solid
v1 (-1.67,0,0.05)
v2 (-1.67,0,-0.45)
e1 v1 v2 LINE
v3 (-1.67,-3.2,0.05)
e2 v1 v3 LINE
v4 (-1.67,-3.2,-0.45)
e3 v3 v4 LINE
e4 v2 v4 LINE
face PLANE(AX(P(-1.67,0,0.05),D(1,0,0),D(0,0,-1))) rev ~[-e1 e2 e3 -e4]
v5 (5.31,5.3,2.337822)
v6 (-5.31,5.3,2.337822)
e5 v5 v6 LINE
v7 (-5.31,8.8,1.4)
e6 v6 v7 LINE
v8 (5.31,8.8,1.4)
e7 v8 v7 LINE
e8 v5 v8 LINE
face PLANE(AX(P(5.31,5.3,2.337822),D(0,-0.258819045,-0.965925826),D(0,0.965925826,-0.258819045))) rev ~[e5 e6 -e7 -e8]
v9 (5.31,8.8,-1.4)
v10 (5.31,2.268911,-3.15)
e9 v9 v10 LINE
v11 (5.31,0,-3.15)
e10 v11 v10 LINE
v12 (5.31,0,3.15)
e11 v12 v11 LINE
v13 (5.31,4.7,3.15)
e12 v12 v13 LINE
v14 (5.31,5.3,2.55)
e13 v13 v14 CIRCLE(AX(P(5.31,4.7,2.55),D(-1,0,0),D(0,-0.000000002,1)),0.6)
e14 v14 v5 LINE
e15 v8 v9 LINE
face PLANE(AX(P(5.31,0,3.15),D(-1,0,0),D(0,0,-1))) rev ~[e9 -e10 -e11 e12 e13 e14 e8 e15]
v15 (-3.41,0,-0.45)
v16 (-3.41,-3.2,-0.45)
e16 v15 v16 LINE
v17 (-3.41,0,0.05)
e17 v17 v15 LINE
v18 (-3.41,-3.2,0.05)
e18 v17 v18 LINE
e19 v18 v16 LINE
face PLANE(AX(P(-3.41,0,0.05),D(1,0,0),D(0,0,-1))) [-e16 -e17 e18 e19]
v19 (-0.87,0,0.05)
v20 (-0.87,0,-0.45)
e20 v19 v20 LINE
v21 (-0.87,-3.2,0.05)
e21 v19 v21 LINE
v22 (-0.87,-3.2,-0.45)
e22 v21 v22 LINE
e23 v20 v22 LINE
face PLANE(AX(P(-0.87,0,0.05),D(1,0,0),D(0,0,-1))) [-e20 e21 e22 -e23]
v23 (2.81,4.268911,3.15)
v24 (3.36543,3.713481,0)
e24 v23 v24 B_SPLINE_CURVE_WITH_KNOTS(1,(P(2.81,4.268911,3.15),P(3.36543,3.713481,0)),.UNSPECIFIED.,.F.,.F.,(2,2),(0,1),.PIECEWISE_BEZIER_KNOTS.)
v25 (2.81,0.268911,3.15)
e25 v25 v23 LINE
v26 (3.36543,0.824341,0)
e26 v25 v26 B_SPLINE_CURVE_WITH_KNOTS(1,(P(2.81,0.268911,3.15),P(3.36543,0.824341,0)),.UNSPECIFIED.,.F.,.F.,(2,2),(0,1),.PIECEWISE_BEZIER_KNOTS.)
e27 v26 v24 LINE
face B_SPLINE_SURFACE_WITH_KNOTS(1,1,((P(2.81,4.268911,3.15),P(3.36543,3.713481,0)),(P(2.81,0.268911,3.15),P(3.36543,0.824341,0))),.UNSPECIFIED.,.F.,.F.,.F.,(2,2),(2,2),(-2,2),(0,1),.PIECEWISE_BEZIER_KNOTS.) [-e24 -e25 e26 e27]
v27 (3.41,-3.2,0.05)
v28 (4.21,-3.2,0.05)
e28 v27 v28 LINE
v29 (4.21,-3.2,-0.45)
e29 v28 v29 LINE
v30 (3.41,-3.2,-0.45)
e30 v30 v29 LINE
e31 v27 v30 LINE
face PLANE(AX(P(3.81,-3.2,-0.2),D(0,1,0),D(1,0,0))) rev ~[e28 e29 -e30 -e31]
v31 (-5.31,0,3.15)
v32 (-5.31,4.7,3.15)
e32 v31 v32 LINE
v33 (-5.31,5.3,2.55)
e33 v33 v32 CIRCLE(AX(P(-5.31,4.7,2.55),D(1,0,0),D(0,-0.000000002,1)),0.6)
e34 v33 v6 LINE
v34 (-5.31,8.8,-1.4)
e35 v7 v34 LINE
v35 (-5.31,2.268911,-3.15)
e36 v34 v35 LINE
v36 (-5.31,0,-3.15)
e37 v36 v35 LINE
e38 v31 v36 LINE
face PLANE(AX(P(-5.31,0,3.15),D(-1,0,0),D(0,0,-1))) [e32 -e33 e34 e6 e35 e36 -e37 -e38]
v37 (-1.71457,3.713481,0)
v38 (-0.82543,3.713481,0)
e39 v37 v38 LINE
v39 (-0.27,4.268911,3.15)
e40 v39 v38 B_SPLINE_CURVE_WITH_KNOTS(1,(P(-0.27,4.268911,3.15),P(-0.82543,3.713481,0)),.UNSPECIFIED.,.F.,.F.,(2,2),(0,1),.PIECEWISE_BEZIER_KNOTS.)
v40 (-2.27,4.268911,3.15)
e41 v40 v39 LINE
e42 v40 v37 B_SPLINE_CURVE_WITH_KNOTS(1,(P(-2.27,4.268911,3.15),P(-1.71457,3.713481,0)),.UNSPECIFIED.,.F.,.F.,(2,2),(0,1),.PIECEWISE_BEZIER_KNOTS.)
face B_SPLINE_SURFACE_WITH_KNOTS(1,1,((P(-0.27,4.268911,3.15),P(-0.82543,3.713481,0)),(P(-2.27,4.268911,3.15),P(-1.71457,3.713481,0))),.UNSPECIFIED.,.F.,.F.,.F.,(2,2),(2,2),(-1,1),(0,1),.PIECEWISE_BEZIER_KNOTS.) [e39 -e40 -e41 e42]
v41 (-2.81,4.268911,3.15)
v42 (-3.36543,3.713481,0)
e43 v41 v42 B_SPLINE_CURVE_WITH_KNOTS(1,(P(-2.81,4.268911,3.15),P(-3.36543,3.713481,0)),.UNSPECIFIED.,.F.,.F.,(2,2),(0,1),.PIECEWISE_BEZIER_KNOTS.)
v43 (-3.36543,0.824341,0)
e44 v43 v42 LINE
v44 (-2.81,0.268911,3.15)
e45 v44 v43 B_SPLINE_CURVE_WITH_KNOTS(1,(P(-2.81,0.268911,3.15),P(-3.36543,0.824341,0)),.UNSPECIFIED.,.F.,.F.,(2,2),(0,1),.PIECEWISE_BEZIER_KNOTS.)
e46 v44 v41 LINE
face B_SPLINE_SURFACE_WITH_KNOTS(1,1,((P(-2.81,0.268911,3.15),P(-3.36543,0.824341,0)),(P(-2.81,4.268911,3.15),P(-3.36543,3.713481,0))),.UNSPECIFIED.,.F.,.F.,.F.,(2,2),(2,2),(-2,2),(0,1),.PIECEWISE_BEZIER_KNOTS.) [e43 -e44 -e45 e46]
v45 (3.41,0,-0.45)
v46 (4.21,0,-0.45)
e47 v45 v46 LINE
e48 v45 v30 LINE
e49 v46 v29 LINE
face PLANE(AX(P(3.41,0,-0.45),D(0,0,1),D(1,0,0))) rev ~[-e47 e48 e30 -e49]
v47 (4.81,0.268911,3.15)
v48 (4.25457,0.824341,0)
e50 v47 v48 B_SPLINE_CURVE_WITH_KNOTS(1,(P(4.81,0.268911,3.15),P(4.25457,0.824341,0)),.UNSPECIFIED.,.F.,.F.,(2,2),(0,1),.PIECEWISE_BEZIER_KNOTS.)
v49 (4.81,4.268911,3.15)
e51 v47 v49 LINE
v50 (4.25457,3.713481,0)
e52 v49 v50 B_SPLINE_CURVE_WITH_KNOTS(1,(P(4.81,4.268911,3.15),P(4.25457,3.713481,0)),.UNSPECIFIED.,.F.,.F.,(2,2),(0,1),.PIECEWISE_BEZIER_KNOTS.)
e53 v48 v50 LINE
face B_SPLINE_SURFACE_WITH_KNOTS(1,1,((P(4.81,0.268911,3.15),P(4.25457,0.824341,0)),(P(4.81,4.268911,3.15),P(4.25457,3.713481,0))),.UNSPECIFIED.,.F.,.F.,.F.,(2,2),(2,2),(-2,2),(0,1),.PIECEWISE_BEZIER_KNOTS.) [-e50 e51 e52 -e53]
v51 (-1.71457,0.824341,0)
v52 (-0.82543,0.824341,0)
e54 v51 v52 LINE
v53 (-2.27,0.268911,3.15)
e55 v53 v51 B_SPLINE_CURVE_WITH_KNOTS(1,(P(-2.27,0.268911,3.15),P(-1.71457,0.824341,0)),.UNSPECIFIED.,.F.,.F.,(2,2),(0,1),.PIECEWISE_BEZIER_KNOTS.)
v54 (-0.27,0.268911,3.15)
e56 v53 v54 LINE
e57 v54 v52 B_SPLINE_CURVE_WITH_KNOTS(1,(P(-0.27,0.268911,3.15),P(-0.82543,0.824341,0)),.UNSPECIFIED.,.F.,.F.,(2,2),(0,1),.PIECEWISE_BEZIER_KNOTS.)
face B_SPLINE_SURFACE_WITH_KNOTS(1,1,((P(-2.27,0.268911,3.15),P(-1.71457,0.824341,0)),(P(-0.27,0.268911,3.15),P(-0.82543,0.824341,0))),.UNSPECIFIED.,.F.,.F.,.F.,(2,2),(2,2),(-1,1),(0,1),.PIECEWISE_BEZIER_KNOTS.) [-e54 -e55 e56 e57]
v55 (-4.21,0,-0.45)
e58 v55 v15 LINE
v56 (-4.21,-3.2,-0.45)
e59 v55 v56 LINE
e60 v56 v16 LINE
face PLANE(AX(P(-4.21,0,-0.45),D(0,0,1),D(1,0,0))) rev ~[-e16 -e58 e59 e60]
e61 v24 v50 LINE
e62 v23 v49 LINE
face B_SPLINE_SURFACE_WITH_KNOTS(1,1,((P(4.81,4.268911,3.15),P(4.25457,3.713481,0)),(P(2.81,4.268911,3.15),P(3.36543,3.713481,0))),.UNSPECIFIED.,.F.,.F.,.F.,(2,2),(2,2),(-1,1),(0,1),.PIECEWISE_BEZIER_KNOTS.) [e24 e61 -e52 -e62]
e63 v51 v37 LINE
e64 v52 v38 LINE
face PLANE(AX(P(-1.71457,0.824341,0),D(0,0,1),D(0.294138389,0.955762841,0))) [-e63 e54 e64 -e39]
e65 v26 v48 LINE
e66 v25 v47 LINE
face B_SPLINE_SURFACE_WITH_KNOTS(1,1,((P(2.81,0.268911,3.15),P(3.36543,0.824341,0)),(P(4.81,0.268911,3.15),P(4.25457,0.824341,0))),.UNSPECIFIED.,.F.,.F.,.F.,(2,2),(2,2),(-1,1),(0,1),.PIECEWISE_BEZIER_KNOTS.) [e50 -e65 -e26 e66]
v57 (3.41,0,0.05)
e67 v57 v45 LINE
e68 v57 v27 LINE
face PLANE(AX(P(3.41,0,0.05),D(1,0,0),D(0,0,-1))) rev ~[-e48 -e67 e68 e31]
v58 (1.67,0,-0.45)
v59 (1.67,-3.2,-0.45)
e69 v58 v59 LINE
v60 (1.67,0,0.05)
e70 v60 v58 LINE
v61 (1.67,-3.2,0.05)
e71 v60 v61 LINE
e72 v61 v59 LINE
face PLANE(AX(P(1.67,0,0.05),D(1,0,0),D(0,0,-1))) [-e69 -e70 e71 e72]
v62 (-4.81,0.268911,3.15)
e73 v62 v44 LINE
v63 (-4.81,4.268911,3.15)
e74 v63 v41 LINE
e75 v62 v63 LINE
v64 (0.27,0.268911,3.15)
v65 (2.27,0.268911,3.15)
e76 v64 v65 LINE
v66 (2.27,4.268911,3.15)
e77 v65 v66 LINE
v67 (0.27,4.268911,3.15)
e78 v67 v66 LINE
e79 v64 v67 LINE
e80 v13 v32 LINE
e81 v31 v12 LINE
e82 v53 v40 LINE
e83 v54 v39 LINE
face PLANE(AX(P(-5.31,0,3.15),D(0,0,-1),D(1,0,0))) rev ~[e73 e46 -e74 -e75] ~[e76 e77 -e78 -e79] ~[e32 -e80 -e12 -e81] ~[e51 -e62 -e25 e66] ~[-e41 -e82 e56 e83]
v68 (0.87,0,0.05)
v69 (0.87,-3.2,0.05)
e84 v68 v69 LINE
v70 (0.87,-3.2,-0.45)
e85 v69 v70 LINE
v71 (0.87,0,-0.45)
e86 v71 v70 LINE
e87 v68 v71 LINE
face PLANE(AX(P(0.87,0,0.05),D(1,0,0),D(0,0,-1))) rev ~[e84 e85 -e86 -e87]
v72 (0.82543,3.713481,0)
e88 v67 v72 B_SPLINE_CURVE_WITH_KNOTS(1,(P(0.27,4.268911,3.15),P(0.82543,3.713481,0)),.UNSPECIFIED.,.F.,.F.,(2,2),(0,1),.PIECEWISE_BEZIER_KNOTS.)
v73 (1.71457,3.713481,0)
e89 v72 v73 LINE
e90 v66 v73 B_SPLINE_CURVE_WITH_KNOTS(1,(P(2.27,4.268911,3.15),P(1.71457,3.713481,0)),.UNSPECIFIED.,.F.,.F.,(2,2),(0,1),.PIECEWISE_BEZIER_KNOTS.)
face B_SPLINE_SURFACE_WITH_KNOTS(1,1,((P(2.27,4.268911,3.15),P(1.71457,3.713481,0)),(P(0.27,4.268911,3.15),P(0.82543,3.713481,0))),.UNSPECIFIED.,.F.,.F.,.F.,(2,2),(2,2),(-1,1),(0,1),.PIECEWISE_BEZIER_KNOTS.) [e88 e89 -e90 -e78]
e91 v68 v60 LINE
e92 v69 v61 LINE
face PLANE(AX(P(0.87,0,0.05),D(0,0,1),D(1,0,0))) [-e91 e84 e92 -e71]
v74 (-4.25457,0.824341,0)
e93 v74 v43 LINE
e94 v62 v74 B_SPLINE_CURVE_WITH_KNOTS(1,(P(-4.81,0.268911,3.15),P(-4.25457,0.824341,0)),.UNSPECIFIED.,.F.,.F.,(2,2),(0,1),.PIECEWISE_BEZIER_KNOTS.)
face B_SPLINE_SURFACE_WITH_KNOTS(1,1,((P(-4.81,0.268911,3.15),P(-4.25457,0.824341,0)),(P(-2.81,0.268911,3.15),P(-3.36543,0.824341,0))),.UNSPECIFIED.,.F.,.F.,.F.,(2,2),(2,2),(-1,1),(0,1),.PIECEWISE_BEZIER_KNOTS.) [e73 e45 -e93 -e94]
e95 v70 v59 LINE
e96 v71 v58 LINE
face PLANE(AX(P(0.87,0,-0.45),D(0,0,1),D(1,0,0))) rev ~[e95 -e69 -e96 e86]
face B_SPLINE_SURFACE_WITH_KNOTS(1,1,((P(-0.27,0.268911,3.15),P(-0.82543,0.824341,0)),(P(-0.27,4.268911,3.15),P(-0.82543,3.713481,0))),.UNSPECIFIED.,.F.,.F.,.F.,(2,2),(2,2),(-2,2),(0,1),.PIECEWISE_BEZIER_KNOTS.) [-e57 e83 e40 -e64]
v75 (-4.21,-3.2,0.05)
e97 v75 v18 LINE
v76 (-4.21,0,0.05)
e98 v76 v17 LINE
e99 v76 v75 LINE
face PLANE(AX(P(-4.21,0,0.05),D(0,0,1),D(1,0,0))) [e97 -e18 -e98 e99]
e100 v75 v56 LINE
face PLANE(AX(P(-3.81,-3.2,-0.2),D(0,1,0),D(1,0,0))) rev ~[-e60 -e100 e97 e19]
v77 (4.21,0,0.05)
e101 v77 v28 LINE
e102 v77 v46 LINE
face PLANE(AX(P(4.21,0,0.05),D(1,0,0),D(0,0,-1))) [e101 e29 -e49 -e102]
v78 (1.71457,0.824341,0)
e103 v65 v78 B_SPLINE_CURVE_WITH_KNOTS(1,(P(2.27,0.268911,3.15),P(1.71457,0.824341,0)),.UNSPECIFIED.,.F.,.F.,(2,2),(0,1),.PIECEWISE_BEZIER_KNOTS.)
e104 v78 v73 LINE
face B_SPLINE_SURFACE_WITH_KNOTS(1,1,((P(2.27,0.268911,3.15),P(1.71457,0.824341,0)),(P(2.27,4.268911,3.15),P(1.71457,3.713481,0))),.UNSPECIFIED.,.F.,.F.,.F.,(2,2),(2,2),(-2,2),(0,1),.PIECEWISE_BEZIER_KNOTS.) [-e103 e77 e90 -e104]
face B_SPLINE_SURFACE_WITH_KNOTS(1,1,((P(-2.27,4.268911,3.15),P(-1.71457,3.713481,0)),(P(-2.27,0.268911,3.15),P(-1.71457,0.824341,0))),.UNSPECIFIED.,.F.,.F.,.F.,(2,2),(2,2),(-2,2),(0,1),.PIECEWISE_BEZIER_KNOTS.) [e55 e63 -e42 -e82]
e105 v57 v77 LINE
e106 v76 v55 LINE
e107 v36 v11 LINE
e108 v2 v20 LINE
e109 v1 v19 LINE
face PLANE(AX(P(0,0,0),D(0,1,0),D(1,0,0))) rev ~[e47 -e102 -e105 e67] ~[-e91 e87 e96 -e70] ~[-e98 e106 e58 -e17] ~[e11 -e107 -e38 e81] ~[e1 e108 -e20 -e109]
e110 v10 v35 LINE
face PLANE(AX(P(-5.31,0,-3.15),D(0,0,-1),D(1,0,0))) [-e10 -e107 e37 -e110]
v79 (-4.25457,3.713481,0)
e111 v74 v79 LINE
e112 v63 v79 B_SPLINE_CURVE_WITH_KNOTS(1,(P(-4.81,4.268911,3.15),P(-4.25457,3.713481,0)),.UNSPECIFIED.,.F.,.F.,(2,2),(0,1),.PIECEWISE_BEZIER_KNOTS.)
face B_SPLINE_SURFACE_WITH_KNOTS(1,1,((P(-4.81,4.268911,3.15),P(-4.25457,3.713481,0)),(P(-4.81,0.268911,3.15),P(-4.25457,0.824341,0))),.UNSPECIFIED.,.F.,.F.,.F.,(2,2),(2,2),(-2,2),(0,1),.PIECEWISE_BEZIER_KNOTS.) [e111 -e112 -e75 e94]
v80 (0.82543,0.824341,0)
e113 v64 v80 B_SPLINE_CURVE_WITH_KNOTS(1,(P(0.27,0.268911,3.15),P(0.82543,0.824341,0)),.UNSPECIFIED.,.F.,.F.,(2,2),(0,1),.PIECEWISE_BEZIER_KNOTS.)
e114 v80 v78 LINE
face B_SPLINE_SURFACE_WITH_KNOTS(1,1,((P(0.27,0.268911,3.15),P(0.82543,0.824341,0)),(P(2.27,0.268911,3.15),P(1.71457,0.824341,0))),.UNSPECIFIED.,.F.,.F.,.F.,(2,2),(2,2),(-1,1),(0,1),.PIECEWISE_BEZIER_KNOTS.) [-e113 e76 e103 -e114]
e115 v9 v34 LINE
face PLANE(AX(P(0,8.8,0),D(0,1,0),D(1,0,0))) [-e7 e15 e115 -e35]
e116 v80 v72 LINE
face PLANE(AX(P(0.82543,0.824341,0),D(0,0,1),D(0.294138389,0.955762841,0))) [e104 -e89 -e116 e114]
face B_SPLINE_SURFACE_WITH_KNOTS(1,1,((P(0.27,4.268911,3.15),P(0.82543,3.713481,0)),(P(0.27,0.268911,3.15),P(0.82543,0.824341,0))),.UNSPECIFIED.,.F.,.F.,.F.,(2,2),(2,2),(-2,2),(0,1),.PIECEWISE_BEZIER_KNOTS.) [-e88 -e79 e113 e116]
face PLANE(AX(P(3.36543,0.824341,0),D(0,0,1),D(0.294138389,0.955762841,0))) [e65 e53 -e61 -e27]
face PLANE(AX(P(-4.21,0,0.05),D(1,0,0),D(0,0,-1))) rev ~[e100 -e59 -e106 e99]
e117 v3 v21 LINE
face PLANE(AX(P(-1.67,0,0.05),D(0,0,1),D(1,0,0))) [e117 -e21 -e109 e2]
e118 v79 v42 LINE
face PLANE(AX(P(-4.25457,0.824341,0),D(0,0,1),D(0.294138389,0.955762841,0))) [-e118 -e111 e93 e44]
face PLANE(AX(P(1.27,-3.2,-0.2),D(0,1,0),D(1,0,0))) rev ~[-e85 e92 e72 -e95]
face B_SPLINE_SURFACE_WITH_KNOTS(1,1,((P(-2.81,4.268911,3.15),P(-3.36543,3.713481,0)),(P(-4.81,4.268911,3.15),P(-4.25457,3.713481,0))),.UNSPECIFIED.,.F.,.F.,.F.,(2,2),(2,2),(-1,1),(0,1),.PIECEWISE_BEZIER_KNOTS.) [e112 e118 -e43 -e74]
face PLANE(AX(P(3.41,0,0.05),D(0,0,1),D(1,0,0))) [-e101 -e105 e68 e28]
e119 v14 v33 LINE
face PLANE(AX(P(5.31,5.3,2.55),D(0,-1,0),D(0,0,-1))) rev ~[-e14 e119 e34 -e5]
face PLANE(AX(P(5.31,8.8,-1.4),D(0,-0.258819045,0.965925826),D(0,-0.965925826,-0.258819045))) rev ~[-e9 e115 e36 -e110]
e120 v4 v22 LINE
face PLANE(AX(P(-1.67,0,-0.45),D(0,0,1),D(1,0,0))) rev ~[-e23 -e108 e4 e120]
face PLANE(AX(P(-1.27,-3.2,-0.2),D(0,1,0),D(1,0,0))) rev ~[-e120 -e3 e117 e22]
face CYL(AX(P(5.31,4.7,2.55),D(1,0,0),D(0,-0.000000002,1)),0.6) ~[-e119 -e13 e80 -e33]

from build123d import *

# Parameters (mm, degrees)
SKETCH1_W           = 10.62
SKETCH1_H           = 6.3
BOSS_EXTRUDE1_DEPTH = 8.8
SKETCH2_W           = 0.8
SKETCH2_H           = 0.5
BOSS_EXTRUDE2_DEPTH = 3.2
CUT_EXTRUDE1_REACH  = 12.62
SKETCH4_W           = 2
SKETCH4_H           = 4
CUT_EXTRUDE2_DEPTH  = 3.15
CUT_EXTRUDE2_TAPER  = 10


with BuildPart() as part:
    # Sketch1 → Boss-Extrude1 (new body)
    with BuildSketch(Plane(origin=(0, 0, 0), x_dir=(1, 0, 0), z_dir=(0, 1, 0))):
        Rectangle(SKETCH1_W, SKETCH1_H)
    extrude(amount=BOSS_EXTRUDE1_DEPTH)

    # Sketch2 → Boss-Extrude2 (add)
    with BuildSketch(Plane(origin=(0, 0, 0), x_dir=(1, 0, 0), z_dir=(0, 1, 0))):
        with Locations((1.27, 0.2)):
            Rectangle(SKETCH2_W, SKETCH2_H)
        with Locations((3.81, 0.2)):
            Rectangle(SKETCH2_W, SKETCH2_H)
        with Locations((-1.27, 0.2)):
            Rectangle(SKETCH2_W, SKETCH2_H)
        with Locations((-3.81, 0.2)):
            Rectangle(SKETCH2_W, SKETCH2_H)
    extrude(amount=-BOSS_EXTRUDE2_DEPTH)

    # Sketch3 → Cut-Extrude1 (cut, up to next)
    with BuildSketch(Plane(origin=(5.31, 0, 0), x_dir=(0, 0, -1), z_dir=(1, 0, 0)), mode=Mode.PRIVATE) as cut_extrude1_sk1:
        with BuildLine():
            ThreePointArc((-3.15, 4.7), (-2.974264069, 5.124264069), (-2.55, 5.3))
            Line((-2.55, 5.3), (-2.337822174, 5.3))
            Line((-2.337822174, 5.3), (-1.4, 8.8))
            Line((-1.4, 8.8), (-3.15, 8.8))
            Line((-3.15, 8.8), (-3.15, 4.7))
        make_face()
    cut_extrude1_tool1 = extrude(cut_extrude1_sk1.sketch, amount=-CUT_EXTRUDE1_REACH, mode=Mode.PRIVATE) & part.part
    add(cut_extrude1_tool1.solids().sort_by_distance((5.31, 7.227986, 2.489914))[0], mode=Mode.SUBTRACT)
    # Sketch3 → Cut-Extrude1 (cut, up to next)
    with BuildSketch(Plane(origin=(5.31, 0, 0), x_dir=(0, 0, -1), z_dir=(1, 0, 0)), mode=Mode.PRIVATE) as cut_extrude1_sk2:
        Polygon((3.15, 8.8), (1.4, 8.8), (3.15, 2.268911087), align=None)
    cut_extrude1_tool2 = extrude(cut_extrude1_sk2.sketch, amount=-CUT_EXTRUDE1_REACH, mode=Mode.PRIVATE) & part.part
    add(cut_extrude1_tool2.solids().sort_by_distance((5.31, 6.62297, -2.566667))[0], mode=Mode.SUBTRACT)

    # Sketch4 → Cut-Extrude2 (cut)
    with BuildSketch(Plane.XY.offset(3.15)):
        with Locations((-3.81, 2.268911087)):
            Rectangle(SKETCH4_W, SKETCH4_H)
        with Locations((-1.27, 2.268911087)):
            Rectangle(SKETCH4_W, SKETCH4_H)
        with Locations((1.27, 2.268911087)):
            Rectangle(SKETCH4_W, SKETCH4_H)
        with Locations((3.81, 2.268911087)):
            Rectangle(SKETCH4_W, SKETCH4_H)
    extrude(amount=-CUT_EXTRUDE2_DEPTH, taper=CUT_EXTRUDE2_TAPER, mode=Mode.SUBTRACT)


solid = part.part
